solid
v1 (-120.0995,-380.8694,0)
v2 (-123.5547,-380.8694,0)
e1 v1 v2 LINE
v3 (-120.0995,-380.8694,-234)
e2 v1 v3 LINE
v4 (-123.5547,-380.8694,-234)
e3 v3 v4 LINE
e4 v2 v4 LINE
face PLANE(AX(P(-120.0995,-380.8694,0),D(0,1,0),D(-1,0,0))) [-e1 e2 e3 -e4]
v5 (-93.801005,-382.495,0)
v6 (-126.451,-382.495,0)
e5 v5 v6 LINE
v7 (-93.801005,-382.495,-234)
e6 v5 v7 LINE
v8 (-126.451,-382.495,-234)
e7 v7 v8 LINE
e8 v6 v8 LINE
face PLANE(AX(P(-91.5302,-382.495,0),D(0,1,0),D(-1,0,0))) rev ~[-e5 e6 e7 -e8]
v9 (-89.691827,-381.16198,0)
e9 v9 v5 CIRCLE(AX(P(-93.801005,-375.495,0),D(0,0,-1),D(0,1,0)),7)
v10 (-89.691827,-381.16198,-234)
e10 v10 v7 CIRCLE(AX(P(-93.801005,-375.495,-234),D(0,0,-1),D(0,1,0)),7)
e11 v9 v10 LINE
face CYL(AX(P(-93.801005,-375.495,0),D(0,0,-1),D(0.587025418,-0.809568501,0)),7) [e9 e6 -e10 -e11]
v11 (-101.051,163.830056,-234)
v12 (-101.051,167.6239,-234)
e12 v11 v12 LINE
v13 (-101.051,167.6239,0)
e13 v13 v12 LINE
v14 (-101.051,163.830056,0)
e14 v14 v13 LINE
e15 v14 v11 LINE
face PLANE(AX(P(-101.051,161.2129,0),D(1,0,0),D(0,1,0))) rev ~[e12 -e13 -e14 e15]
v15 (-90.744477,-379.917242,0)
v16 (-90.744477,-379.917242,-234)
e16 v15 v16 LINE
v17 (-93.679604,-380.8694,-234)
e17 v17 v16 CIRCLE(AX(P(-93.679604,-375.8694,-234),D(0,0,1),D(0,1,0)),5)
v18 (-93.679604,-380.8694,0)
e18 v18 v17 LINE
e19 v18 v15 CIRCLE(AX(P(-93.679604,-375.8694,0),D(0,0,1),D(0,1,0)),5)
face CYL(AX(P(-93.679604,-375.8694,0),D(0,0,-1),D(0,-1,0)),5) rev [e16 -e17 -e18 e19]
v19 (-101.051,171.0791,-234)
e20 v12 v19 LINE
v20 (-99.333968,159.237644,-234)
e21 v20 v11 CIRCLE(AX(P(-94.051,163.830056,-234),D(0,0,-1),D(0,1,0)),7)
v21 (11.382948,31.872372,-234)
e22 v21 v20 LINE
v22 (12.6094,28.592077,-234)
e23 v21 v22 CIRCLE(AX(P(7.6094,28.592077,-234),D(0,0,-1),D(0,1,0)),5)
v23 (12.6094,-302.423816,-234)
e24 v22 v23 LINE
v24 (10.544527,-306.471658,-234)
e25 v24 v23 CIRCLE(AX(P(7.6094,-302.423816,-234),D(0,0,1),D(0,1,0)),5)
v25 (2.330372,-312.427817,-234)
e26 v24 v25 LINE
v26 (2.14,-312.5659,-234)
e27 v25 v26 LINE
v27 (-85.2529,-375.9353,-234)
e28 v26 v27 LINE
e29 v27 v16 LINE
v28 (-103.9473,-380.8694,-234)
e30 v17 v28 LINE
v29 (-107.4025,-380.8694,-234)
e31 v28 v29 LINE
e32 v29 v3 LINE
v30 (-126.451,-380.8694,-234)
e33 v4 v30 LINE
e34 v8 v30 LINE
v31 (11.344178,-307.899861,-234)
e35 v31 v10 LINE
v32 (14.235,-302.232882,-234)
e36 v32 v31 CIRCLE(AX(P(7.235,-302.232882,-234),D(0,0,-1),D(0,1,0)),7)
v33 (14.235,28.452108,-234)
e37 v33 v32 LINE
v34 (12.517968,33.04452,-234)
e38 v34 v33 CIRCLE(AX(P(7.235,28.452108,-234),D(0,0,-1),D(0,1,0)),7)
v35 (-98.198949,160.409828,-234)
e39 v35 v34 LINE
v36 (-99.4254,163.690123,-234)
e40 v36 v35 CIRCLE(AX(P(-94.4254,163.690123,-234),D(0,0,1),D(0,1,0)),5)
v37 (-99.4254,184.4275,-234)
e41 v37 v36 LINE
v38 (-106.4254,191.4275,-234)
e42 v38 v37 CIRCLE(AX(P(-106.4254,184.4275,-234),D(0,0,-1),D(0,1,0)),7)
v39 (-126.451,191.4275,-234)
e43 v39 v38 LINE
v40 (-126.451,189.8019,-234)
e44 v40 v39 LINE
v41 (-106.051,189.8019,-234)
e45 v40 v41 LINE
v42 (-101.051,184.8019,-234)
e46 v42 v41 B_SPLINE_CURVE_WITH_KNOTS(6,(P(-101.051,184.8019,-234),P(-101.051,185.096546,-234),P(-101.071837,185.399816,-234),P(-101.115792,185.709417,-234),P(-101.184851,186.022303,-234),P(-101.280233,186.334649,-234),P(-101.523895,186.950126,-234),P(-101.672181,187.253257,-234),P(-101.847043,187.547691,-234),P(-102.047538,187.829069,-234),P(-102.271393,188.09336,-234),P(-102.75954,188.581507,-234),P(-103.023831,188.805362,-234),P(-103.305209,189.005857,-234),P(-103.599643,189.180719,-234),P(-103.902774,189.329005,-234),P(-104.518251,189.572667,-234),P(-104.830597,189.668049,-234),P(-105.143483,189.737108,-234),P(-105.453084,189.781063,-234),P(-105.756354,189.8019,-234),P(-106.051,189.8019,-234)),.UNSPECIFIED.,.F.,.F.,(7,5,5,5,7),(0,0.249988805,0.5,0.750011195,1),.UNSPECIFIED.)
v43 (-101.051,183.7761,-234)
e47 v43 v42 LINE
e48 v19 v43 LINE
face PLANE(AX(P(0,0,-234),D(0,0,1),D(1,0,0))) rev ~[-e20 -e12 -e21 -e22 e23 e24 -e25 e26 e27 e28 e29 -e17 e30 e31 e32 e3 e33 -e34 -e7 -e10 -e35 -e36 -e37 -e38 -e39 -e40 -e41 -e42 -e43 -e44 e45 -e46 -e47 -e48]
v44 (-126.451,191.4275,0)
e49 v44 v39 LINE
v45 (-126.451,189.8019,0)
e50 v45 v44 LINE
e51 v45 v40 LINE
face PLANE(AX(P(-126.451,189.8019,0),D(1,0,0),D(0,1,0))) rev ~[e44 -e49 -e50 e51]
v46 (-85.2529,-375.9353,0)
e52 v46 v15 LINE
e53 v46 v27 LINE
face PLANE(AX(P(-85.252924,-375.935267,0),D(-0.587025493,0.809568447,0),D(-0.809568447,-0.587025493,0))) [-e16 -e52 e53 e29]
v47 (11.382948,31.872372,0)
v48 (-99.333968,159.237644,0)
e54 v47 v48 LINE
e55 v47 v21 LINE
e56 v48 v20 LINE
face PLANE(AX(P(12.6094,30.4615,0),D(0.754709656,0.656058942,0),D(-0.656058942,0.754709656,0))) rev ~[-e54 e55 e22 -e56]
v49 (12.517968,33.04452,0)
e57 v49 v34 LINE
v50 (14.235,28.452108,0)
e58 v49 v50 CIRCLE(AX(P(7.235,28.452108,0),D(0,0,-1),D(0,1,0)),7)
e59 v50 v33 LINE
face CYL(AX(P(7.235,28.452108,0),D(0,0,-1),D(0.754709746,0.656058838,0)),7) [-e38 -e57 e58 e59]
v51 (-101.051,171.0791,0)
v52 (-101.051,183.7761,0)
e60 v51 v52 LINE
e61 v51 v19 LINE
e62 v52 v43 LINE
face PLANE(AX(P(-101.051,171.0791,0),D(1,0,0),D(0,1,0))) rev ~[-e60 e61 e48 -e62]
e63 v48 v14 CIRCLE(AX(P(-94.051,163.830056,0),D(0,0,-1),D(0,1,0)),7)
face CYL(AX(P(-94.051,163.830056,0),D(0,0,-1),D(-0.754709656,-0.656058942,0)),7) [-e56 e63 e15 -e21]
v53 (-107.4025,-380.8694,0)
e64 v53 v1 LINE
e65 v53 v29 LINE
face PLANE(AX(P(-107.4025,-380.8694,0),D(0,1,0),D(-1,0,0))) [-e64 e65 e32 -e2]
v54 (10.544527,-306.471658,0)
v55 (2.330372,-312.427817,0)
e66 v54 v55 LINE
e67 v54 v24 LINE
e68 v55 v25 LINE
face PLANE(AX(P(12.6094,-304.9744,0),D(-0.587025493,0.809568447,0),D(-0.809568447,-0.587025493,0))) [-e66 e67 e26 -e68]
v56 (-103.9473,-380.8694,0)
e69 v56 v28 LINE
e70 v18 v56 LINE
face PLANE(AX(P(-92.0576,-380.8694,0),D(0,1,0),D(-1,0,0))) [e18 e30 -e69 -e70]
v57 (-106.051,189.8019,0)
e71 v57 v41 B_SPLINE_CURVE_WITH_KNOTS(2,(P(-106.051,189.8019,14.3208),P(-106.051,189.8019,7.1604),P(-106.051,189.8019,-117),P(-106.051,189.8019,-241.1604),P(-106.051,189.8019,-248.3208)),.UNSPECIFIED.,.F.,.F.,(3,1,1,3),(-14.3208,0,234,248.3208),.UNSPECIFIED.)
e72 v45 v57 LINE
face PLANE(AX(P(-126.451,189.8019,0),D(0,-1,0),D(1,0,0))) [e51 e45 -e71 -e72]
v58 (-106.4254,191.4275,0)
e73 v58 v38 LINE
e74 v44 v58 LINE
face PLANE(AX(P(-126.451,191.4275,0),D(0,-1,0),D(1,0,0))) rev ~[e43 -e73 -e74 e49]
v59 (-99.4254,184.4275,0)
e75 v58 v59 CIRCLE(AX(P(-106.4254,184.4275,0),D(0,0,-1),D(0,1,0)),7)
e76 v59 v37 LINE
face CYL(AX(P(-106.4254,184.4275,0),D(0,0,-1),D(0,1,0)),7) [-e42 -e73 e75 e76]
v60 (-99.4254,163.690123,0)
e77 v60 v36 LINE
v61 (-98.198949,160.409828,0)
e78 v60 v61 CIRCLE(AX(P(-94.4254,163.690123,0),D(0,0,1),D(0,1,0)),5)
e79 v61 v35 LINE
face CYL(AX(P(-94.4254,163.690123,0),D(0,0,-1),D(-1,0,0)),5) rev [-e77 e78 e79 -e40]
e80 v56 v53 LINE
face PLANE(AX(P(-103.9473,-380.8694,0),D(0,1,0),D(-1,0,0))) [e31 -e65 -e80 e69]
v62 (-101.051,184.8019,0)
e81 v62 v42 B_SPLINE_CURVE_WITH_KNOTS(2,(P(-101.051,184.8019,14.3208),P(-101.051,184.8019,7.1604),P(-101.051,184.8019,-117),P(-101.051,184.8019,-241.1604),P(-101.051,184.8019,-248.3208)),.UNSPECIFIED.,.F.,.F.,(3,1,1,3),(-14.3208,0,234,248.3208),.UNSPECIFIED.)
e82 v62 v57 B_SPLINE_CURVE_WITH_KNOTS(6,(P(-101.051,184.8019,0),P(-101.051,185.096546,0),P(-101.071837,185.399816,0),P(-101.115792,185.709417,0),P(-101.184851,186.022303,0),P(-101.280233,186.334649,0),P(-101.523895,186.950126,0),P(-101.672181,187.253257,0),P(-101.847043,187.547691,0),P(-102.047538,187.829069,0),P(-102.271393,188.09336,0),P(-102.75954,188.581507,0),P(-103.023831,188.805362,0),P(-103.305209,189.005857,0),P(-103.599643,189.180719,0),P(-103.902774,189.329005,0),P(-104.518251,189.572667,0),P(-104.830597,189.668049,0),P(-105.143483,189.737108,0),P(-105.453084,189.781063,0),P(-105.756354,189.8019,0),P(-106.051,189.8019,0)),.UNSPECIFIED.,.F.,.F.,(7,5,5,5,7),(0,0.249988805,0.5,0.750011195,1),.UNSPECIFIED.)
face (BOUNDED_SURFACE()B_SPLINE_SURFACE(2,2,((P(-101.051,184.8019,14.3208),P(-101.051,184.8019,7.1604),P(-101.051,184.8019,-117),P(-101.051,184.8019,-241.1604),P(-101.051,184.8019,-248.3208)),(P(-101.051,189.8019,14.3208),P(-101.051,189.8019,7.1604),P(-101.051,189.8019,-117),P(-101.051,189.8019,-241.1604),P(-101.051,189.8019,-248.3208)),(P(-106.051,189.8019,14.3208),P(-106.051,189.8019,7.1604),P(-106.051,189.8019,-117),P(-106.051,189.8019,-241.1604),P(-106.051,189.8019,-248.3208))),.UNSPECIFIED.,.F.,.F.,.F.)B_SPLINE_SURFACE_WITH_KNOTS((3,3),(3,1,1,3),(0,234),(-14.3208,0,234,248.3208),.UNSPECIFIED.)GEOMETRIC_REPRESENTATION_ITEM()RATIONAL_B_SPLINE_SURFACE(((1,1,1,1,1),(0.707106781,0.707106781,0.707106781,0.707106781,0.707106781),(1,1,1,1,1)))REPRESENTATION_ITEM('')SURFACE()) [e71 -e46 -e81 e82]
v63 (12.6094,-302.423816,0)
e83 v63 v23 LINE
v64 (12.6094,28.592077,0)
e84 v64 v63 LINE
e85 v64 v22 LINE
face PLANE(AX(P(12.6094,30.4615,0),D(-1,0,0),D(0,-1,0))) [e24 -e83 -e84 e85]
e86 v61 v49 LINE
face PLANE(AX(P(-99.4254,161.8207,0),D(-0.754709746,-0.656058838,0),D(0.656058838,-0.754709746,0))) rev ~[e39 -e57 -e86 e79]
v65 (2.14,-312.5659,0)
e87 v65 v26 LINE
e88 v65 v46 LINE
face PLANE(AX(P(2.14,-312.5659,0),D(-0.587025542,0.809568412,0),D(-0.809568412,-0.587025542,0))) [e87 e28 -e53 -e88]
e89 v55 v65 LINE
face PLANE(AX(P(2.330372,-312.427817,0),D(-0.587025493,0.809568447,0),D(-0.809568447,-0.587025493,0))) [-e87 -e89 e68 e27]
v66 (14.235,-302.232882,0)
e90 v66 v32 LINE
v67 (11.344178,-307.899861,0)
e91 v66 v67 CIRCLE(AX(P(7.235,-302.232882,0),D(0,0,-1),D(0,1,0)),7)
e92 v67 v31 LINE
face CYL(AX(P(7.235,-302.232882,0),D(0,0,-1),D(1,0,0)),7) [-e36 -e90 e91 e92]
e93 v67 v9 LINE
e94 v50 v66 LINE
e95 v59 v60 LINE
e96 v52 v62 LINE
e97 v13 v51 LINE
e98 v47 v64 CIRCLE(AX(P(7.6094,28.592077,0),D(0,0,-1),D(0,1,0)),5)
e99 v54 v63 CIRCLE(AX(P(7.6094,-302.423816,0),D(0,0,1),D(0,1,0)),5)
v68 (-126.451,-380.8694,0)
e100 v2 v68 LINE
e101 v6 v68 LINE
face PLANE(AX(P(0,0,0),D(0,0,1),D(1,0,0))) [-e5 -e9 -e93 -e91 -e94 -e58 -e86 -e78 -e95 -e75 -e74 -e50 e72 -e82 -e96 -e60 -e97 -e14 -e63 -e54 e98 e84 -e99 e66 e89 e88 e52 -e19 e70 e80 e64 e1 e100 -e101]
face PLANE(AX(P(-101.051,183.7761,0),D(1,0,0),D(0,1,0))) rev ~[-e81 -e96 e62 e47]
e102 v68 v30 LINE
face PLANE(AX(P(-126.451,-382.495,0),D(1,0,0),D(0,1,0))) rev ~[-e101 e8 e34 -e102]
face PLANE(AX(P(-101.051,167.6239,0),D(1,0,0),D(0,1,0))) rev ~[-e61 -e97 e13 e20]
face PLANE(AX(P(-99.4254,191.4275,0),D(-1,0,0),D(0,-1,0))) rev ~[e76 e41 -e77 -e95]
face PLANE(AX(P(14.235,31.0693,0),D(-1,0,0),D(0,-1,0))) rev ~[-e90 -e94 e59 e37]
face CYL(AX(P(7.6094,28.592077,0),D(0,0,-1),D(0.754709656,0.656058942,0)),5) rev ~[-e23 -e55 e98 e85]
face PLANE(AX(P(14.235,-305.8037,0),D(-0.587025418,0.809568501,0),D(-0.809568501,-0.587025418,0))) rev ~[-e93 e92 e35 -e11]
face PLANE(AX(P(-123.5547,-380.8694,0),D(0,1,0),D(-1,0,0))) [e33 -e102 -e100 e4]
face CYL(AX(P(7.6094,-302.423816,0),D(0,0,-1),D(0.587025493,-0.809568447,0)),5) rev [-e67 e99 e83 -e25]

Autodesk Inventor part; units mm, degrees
ref_plane "YZ Plane" through (0, 0, 0) normal (1, 0, 0) x (0, 1, 0)
ref_plane "XZ Plane" through (0, 0, 0) normal (0, 1, 0) x (-1, 0, 0)
ref_plane "XY Plane" through (0, 0, 0) normal (0, 0, 1) x (1, 0, 0)
sketch "Sketch1" plane through (0, 0, 0) normal (0, 0, 1) x (1, 0, 0)
  line L0 (12.58, -266.7) -> (12.58, -12.7) projected
  line L1 (12.6094, 30.4615) -> (-104.0379, 164.6489) projected
  line L2 (-101.051, 167.6239) -> (-101.051, 171.0791) projected
  line L3 (-101.051, 183.7761) -> (-101.051, 187.2313) projected
  line L4 (2.2104, -312.663) -> (11.2162, -295.0088) projected
  line L5 (2.2104, -312.663) -> (-30.82, -336.6137) projected
  line L6 (-87.8643, -376.8499) -> (-98.4679, -380.082) projected
  line L7 (2.14, -312.5659) -> (-85.2529, -375.9353) projected
  line L8 (-103.9473, -380.8694) -> (-107.4025, -380.8694) projected
  line L9 (-120.0995, -380.8694) -> (-123.5547, -380.8694) projected
  line L10 (-120.0995, 190.1276) -> (-123.5547, 190.1276) construction
  line L11 (-101.051, 189.8019) -> (-116.705, 189.8019) construction
  line L12 (-126.451, -355.4694) -> (-126.451, 254.1306) construction
  line L13 (-126.451, 189.8019) -> (-101.051, 189.8019)
  line L14 (12.6094, 30.4615) -> (12.6094, -304.9744)
  line L15 (12.6094, -304.9744) -> (-92.0576, -380.8694)
  line L16 (-92.0576, -380.8694) -> (-126.451, -380.8694)
  line L17 (12.6094, 30.4615) -> (-101.051, 161.2129)
  line L18 (-101.051, 161.2129) -> (-101.051, 189.8019)
  line L19 (-126.451, 191.4275) -> (-99.4254, 191.4275)
  line L20 (-99.4254, 191.4275) -> (-99.4254, 161.8207)
  line L21 (-99.4254, 161.8207) -> (14.235, 31.0693)
  line L22 (14.235, 31.0693) -> (14.235, -305.8037)
  line L23 (14.235, -305.8037) -> (-91.5302, -382.495)
  line L24 (-91.5302, -382.495) -> (-126.451, -382.495)
  line L25 (-126.451, 189.8019) -> (-126.451, 191.4275)
  line L26 (-126.451, -382.495) -> (-126.451, -380.8694)
  point P0 (0, 0)
  dimension "d0" = 1.6256
extrude "Extrusion1" add sketch "Sketch1" against normal blind 234
fillet "Fillet1" radius 5 5 edges at (-101.051, 189.8019, -117) (-99.4254, 161.8207, -117) (12.6094, 30.4615, -117) (12.6094, -304.9744, -117) (-92.0576, -380.8694, -117)
fillet "Fillet2" radius 7 5 edges at (-91.5302, -382.495, -117) (14.235, -305.8037, -117) (14.235, 31.0693, -117) (-101.051, 161.2129, -117) (-99.4254, 191.4275, -117)
properties part number "skidPlateV1" material "Stainless Steel"
